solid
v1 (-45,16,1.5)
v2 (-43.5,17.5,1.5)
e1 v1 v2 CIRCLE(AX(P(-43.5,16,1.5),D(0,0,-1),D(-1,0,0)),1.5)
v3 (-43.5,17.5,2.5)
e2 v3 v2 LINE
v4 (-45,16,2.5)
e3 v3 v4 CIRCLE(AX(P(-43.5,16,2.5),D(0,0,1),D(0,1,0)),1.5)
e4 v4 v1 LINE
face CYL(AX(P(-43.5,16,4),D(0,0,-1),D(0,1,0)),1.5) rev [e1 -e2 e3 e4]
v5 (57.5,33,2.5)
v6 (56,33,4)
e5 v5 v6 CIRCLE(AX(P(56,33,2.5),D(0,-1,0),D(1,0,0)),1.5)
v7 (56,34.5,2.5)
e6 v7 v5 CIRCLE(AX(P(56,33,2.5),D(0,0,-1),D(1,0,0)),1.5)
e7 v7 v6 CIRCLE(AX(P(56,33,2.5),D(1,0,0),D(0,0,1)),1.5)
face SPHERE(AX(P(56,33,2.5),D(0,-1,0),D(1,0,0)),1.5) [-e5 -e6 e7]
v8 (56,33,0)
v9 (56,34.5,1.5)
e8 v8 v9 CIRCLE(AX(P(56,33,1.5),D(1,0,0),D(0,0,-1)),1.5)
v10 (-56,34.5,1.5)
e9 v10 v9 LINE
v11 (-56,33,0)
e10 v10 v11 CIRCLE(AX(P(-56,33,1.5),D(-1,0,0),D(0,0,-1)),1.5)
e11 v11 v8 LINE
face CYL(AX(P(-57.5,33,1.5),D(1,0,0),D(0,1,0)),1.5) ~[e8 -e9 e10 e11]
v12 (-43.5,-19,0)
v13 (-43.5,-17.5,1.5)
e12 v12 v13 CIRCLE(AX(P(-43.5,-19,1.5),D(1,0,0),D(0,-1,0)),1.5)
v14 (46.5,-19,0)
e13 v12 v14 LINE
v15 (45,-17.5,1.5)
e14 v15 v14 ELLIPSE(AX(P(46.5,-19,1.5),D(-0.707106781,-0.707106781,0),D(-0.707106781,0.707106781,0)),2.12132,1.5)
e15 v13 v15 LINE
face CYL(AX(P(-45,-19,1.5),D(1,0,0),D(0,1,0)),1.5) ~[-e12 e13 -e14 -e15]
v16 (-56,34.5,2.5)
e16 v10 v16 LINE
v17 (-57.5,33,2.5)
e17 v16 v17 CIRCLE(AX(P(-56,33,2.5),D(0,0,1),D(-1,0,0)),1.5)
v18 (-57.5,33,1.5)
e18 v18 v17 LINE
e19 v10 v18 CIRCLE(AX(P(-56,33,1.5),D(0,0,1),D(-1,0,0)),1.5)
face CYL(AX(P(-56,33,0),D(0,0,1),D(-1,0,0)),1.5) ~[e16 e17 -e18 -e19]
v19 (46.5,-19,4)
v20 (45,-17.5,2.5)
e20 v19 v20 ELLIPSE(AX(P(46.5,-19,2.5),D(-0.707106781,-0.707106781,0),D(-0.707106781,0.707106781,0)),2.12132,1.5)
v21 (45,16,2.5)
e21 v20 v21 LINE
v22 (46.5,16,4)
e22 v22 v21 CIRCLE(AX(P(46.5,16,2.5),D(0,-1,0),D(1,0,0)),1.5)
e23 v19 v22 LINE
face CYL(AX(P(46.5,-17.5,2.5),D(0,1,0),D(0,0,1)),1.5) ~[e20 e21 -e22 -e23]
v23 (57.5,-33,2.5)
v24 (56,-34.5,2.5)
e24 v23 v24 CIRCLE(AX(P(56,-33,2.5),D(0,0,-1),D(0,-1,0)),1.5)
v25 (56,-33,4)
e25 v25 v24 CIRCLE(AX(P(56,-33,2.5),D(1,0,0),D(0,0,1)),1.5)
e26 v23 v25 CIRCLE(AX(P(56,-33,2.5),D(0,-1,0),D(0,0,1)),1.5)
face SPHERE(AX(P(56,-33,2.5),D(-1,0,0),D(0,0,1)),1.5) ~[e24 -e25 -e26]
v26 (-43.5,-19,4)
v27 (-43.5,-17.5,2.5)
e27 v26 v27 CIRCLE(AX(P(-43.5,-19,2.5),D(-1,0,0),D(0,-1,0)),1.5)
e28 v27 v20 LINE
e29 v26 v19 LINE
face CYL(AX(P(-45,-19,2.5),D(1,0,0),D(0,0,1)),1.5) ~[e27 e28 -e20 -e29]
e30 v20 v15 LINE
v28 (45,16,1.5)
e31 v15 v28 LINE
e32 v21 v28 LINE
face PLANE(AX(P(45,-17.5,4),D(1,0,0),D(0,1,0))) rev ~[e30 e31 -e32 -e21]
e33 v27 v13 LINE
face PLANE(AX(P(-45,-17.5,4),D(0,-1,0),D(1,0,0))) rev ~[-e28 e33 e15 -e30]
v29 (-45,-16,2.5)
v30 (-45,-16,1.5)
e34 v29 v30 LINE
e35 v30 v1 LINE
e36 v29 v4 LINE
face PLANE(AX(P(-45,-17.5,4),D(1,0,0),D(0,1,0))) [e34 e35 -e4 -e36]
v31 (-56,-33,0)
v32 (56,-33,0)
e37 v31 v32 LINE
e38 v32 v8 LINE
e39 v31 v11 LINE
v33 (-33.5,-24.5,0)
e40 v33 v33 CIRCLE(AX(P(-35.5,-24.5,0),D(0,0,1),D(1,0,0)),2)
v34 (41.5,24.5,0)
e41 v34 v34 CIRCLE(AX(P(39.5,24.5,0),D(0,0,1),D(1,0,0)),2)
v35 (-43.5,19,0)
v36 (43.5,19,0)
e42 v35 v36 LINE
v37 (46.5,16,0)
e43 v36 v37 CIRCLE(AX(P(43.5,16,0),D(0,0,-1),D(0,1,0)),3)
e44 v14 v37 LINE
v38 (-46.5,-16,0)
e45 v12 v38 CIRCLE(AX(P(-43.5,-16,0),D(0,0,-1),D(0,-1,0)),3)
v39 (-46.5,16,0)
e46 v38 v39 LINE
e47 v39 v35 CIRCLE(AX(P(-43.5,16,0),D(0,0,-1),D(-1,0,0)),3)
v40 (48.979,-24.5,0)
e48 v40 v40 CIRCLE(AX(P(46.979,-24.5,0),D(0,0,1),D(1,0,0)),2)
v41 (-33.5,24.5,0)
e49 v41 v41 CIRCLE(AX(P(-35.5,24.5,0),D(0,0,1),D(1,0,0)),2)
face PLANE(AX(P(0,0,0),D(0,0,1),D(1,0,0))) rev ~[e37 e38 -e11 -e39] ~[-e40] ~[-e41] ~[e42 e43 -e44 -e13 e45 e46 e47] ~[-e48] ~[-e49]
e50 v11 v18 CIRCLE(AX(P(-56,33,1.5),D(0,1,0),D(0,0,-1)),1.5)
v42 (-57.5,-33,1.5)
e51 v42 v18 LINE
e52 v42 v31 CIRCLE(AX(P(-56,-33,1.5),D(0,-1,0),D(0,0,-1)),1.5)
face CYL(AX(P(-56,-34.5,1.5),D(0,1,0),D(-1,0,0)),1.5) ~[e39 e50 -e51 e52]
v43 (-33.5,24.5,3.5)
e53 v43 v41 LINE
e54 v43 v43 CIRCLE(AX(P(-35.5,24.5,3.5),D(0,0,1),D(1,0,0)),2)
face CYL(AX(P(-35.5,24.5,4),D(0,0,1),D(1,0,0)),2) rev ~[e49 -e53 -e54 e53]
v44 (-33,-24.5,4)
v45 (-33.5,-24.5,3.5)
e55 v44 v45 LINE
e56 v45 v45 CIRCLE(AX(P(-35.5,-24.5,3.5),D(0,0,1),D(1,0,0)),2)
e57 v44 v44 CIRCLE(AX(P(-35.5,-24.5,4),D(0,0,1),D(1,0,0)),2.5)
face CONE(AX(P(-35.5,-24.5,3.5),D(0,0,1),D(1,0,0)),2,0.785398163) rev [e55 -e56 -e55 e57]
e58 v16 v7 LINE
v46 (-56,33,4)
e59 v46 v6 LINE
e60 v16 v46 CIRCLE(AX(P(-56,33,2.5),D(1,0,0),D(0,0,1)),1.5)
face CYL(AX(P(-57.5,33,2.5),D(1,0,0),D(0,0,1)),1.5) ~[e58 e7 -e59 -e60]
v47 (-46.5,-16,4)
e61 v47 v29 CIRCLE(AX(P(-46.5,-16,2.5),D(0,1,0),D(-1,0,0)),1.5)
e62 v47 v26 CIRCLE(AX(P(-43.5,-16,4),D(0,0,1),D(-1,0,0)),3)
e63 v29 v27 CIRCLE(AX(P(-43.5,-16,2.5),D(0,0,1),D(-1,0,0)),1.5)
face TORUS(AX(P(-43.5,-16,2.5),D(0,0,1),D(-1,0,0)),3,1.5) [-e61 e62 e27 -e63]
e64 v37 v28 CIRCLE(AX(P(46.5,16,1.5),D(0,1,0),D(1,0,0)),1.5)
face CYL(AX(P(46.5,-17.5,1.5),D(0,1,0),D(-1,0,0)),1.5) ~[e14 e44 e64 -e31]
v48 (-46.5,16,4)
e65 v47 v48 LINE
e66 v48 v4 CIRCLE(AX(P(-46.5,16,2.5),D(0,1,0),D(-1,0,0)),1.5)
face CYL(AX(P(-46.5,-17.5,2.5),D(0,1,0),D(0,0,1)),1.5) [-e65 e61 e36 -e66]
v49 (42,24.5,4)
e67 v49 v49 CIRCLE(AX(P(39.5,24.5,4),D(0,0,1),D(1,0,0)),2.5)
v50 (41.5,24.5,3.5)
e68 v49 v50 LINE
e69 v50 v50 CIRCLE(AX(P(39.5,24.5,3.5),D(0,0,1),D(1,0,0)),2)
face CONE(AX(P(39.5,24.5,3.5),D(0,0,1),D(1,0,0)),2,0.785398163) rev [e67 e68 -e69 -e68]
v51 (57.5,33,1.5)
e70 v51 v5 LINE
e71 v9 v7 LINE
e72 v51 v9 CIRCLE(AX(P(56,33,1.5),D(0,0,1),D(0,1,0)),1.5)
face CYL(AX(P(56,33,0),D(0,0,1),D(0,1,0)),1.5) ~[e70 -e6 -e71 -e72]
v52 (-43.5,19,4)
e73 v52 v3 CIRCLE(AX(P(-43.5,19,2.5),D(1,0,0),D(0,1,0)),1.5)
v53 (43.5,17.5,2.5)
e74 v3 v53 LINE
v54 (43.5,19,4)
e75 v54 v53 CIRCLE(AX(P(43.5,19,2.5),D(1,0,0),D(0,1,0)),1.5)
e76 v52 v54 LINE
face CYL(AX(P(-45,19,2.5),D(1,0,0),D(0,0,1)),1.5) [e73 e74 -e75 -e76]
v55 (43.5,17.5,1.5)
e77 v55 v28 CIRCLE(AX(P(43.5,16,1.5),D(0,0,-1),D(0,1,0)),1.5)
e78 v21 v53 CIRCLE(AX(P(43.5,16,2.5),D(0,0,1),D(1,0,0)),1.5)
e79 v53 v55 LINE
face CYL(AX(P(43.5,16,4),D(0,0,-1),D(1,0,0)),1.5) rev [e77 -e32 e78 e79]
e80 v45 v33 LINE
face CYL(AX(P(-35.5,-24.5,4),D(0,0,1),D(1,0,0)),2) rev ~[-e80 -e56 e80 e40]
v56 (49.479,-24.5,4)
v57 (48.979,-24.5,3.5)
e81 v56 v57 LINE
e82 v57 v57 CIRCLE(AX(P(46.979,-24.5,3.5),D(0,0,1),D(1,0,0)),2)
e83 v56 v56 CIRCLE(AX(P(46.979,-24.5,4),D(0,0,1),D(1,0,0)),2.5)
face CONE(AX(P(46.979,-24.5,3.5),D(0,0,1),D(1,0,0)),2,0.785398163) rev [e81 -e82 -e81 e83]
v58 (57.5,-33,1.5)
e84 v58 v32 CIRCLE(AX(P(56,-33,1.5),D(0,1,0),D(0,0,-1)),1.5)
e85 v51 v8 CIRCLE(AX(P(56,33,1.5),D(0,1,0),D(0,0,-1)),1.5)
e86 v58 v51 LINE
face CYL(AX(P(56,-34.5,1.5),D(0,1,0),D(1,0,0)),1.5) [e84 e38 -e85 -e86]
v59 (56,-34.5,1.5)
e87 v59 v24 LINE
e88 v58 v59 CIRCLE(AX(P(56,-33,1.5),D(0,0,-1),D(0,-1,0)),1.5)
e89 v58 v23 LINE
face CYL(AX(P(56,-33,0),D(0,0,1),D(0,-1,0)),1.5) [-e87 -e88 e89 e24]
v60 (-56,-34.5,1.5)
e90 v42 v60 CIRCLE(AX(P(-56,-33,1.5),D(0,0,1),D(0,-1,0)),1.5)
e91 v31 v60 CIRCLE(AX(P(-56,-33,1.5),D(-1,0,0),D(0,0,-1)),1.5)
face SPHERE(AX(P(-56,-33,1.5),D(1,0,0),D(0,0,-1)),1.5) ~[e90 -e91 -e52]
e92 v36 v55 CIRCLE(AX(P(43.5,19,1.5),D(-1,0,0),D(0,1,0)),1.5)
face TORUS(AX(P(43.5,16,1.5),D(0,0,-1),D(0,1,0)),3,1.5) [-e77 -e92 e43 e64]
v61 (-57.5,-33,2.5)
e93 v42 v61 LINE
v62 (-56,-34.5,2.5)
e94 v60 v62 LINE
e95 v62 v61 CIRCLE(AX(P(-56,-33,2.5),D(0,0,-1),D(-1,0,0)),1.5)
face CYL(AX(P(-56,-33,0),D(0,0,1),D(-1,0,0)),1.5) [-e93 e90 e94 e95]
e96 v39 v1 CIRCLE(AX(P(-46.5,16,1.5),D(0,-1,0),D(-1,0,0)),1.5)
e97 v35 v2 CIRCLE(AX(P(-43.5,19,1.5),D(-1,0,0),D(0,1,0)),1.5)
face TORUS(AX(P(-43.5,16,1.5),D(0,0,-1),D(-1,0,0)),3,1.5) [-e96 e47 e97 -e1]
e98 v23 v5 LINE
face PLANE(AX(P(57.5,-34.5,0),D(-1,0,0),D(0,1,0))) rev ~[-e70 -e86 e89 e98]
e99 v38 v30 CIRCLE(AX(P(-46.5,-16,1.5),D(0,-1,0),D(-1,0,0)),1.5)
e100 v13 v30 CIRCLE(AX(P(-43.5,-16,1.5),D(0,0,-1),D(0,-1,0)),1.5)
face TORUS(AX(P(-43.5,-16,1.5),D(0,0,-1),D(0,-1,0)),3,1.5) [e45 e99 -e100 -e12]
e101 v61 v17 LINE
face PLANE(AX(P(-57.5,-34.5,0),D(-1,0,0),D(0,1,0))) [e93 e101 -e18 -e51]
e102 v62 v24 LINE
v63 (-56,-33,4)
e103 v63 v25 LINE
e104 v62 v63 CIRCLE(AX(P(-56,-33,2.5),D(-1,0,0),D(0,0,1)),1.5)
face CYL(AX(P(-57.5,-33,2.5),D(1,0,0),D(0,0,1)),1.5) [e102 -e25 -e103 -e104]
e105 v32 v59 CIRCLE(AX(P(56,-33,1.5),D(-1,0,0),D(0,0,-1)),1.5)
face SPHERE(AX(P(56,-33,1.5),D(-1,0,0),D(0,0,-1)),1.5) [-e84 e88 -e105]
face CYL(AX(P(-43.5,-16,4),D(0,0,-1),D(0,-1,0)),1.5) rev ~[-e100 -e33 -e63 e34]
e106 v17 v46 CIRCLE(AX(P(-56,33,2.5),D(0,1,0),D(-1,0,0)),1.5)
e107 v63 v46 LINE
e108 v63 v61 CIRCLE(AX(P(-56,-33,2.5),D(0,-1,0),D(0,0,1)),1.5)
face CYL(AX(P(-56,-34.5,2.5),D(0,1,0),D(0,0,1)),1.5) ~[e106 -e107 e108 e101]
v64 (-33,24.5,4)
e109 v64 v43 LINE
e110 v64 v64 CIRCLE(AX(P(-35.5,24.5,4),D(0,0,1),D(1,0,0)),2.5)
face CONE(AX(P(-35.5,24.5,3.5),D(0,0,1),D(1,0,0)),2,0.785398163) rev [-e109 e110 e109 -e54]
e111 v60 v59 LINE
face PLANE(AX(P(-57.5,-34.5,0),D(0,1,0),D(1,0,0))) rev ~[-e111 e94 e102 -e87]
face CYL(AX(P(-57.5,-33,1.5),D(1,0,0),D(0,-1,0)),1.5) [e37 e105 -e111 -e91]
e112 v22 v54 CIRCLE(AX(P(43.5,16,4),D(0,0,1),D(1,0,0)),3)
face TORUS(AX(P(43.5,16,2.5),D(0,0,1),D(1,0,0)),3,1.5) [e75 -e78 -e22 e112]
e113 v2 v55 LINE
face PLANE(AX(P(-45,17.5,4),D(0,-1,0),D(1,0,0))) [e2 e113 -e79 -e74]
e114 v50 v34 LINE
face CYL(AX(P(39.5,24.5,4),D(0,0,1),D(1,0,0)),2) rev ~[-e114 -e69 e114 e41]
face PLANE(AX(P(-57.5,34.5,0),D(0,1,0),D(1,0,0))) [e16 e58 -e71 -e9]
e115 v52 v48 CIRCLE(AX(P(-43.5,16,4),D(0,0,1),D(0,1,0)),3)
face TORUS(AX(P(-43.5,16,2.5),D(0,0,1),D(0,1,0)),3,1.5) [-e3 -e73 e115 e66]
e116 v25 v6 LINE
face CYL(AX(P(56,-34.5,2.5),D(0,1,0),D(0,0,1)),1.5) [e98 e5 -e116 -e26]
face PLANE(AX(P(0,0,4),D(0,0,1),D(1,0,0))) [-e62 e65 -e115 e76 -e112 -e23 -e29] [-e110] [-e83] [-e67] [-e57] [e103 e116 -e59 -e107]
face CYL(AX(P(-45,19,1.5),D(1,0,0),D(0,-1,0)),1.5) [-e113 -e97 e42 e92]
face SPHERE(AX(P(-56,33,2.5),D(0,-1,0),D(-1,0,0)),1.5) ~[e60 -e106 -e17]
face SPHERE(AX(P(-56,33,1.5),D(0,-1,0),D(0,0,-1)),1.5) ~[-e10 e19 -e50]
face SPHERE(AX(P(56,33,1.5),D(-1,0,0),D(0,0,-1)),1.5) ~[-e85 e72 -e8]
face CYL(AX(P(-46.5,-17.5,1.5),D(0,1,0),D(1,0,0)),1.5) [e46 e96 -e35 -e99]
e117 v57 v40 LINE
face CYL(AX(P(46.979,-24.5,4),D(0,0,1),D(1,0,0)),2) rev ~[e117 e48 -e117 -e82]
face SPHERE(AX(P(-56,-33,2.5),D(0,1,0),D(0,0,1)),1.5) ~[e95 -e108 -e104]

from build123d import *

# Parameters (mm, degrees)
SKETCH1_W           = 115
SKETCH1_H           = 69
BOSS_EXTRUDE1_DEPTH = 4
SKETCH2_R           = 2
CUT_EXTRUDE1_DEPTH  = 4
SKETCH3_W           = 90
SKETCH3_H           = 35
CUT_EXTRUDE2_DEPTH  = 4
CHAMFER1_SIZE       = 0.5
FILLET1_R           = 1.5


with BuildPart() as part:
    # Sketch1 → Boss-Extrude1 (new body)
    with BuildSketch(Plane.XY):
        Rectangle(SKETCH1_W, SKETCH1_H)
    extrude(amount=BOSS_EXTRUDE1_DEPTH)

    # Sketch2 → Cut-Extrude1 (cut)
    with BuildSketch(Plane.XY.offset(4)):
        with Locations((-35.5, 24.5)):
            Circle(SKETCH2_R)
        with Locations((39.5, 24.5)):
            Circle(SKETCH2_R)
        with Locations((46.979, -24.5)):
            Circle(SKETCH2_R)
        with Locations((-35.5, -24.5)):
            Circle(SKETCH2_R)
    extrude(amount=-CUT_EXTRUDE1_DEPTH, mode=Mode.SUBTRACT)

    # Sketch3 → Cut-Extrude2 (cut)
    with BuildSketch(Plane.XY.offset(4)):
        Rectangle(SKETCH3_W, SKETCH3_H)
    extrude(amount=-CUT_EXTRUDE2_DEPTH, mode=Mode.SUBTRACT)

    # Chamfer1
    chamfer1_edges = [part.edges().sort_by_distance(p)[0] for p in [
        (44.979, -24.5, 4),
        (-37.5, 24.5, 4),
        (-37.5, -24.5, 4),
        (37.5, 24.5, 4),
    ]]
    chamfer(chamfer1_edges, length=CHAMFER1_SIZE)

    # Fillet1
    fillet1_edges = [part.edges().sort_by_distance(p)[0] for p in [
        (-57.5, 0, 4),
        (0, -34.5, 4),
        (45, 0, 0),
        (45, 17.5, 2),
        (0, -17.5, 0),
        (-45, 0, 0),
        (-45, -17.5, 2),
        (0, 17.5, 0),
        (-45, 17.5, 2),
        (45, 0, 4),
        (0, 17.5, 4),
        (-45, 0, 4),
        (0, -17.5, 4),
        (57.5, 0, 4),
        (0, -34.5, 0),
        (-57.5, 0, 0),
        (0, 34.5, 0),
        (57.5, 0, 0),
        (57.5, -34.5, 2),
        (-57.5, -34.5, 2),
        (-57.5, 34.5, 2),
        (57.5, 34.5, 2),
        (0, 34.5, 4),
    ]]
    fillet(fillet1_edges, radius=FILLET1_R)


solid = part.part
